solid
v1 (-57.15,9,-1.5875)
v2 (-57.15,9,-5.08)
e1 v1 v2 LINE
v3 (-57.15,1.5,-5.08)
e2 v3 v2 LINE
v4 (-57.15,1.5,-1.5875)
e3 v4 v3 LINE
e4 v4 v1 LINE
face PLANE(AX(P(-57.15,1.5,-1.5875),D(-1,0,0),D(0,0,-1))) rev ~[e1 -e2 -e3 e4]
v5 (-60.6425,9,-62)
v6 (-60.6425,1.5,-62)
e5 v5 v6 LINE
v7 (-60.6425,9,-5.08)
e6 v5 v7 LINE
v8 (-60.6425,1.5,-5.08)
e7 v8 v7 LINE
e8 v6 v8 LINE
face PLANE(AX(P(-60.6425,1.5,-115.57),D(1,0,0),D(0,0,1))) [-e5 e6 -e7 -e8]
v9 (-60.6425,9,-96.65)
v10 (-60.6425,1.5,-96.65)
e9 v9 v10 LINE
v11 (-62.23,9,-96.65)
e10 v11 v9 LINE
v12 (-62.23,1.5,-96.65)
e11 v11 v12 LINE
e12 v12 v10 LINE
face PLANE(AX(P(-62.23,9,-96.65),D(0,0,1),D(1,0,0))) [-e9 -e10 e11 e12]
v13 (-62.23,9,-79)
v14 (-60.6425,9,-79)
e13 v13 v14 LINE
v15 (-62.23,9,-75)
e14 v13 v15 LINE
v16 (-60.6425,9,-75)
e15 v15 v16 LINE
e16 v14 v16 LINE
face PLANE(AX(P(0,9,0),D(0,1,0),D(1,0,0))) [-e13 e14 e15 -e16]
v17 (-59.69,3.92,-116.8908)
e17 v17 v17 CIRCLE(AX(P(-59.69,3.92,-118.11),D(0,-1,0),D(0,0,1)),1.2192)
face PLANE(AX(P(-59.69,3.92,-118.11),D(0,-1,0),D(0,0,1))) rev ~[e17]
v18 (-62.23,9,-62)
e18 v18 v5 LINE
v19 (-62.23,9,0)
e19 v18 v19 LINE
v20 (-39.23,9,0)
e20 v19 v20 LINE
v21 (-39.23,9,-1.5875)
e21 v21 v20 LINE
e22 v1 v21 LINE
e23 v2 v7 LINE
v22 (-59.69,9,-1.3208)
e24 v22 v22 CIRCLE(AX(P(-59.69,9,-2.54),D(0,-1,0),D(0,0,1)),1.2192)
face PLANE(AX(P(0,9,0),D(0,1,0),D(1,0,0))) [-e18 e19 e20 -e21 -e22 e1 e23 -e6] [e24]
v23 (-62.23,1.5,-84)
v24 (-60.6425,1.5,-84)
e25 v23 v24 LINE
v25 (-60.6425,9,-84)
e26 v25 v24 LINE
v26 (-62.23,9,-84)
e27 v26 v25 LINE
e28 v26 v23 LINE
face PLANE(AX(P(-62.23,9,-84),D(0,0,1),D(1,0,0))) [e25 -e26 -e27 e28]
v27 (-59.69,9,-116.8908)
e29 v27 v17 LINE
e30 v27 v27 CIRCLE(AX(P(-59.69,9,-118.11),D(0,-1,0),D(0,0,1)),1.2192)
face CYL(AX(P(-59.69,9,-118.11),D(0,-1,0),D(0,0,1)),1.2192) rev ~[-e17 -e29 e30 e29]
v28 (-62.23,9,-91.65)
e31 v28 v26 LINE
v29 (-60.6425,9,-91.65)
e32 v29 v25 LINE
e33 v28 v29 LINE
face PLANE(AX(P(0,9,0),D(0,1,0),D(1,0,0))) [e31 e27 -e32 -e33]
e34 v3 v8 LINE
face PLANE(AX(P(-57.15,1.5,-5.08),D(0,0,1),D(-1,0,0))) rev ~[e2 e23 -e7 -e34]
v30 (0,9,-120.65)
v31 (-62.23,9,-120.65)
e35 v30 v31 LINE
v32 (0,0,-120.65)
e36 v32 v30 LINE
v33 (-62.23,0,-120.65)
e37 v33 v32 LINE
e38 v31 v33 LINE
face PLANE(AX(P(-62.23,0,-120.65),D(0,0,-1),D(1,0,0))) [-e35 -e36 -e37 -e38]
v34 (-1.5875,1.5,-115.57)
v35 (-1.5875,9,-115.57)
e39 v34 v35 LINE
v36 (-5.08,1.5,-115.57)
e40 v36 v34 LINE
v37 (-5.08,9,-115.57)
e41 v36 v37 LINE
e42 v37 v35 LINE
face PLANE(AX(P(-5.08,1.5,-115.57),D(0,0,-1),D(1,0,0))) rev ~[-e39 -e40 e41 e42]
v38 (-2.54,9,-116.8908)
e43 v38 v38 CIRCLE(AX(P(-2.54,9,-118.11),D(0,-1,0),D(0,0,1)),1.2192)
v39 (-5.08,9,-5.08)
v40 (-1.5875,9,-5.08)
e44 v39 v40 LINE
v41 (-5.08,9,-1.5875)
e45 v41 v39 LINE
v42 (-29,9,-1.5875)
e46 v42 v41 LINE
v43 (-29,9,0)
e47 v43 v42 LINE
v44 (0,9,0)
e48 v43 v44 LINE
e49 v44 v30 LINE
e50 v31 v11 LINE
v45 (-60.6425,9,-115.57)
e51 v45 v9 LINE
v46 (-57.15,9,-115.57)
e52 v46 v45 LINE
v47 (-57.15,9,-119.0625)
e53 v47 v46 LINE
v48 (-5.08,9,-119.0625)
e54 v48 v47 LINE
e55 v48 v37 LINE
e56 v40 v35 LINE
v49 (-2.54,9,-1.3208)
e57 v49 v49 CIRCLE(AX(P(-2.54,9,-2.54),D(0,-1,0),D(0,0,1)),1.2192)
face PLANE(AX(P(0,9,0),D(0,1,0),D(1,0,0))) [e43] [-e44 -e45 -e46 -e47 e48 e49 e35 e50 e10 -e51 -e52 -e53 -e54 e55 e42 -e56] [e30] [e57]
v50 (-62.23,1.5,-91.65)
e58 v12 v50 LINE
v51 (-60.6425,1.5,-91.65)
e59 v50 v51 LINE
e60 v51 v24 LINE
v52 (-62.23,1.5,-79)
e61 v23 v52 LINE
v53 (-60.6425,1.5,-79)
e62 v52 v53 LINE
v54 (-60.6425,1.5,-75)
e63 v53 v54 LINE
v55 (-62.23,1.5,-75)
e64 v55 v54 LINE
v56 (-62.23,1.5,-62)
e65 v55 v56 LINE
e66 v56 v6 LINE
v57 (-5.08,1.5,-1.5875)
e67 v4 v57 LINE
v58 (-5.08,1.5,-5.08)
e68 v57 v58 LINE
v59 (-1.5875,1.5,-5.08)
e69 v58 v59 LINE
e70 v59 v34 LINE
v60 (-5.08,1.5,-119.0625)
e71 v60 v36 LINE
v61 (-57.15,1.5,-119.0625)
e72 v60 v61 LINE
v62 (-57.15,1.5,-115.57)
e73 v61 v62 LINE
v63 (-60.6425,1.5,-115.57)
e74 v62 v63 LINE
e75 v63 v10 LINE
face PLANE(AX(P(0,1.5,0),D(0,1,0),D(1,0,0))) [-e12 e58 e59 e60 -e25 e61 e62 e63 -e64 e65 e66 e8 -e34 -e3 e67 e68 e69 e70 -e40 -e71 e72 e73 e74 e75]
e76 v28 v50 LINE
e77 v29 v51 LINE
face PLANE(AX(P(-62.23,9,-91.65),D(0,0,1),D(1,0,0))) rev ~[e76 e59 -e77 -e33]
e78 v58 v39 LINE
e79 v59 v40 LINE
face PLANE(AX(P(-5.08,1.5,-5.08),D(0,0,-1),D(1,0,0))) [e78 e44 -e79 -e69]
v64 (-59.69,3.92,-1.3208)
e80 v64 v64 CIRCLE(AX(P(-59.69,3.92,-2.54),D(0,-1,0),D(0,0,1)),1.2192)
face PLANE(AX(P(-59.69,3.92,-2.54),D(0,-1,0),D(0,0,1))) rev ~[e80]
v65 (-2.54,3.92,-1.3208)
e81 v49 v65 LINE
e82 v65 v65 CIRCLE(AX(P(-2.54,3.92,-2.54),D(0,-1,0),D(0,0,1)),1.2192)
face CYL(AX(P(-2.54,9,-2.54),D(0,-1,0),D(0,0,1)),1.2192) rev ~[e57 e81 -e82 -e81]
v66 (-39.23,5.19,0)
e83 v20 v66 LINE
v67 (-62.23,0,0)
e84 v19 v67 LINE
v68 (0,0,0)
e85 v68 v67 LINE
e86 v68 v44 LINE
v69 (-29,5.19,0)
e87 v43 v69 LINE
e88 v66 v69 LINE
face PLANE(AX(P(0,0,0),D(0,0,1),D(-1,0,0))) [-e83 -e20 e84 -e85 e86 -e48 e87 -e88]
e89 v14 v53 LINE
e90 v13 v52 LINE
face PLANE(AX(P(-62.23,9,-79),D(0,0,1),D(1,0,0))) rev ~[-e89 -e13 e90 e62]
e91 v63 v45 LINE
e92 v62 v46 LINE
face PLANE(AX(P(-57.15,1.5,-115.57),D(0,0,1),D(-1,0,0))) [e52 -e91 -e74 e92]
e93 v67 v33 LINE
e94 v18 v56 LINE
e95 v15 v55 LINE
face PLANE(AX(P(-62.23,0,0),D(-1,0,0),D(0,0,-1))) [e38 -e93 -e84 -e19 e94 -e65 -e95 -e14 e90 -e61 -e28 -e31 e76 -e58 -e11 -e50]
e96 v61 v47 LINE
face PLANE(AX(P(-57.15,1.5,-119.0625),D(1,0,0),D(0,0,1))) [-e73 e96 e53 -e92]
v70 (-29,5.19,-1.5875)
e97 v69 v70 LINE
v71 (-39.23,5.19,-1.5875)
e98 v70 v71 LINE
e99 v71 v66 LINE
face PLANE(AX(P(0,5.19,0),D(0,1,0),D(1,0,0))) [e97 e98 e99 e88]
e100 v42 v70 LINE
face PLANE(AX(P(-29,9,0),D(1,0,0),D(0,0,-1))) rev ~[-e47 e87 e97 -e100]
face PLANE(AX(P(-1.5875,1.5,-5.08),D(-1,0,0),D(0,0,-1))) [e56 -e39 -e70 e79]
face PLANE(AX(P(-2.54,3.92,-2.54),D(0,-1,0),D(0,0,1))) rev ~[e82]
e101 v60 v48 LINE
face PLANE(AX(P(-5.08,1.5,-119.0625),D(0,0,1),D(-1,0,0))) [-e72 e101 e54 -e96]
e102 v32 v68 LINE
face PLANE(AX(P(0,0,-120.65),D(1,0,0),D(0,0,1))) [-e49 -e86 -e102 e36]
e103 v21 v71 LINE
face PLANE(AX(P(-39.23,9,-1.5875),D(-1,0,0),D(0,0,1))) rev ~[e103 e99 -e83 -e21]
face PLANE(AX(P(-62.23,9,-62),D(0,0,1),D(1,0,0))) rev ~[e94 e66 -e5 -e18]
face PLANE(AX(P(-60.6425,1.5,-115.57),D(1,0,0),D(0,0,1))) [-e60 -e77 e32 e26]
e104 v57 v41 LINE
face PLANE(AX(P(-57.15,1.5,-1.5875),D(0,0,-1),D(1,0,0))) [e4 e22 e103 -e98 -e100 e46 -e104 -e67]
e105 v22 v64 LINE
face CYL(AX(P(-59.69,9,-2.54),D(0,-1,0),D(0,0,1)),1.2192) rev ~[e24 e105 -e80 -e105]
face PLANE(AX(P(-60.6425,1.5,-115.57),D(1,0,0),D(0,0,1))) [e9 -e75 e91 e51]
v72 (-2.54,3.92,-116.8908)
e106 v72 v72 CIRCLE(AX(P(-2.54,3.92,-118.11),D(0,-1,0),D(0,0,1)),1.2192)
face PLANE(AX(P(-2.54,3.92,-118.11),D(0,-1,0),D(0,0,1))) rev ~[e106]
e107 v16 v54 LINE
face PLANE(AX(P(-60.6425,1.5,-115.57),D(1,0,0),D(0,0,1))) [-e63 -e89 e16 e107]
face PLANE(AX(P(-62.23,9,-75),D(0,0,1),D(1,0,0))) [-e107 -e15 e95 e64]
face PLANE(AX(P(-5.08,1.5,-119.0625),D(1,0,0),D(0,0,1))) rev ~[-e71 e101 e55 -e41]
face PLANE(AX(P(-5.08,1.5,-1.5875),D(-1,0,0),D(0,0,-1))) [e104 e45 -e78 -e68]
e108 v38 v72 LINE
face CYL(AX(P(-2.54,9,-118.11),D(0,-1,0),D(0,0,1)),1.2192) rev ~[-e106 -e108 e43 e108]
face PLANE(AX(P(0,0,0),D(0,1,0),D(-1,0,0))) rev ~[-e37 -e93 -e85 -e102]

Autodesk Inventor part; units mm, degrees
ref_plane "YZ Plane" through (0, 0, 0) normal (1, 0, 0) x (0, 1, 0)
ref_plane "XZ Plane" through (0, 0, 0) normal (0, 1, 0) x (-1, 0, 0)
ref_plane "XY Plane" through (0, 0, 0) normal (0, 0, 1) x (1, 0, 0)
sketch "Sketch1" plane through (0, 0, 0) normal (0, 1, 0) x (-1, 0, 0)
  line L0 (0, 0) -> (62.23, 0)
  line L1 (62.23, 0) -> (62.23, -120.65)
  line L2 (62.23, -120.65) -> (0, -120.65)
  line L3 (0, -120.65) -> (0, 0)
  dimension "d0" = 62.23
  dimension "d1" = 120.65
extrude "Extrusion1" add sketch "Sketch1" along normal blind 1.5
sketch "Sketch2" plane through (0, 1.5, 0) normal (0, 1, 0) x (1, 0, 0)
  line L0 (-60.6425, 1.5875) -> (-1.5875, 1.5875)
  line L1 (-1.5875, 1.5875) -> (-1.5875, 119.0625)
  line L2 (-1.5875, 119.0625) -> (-60.6425, 119.0625)
  line L3 (-60.6425, 119.0625) -> (-60.6425, 1.5875)
  line L4 (-62.23, 0) -> (0, 0) projected
  line L5 (0, 0) -> (0, 120.65) projected
  line L6 (-62.23, 120.65) -> (-62.23, 0) projected
  line L7 (0, 120.65) -> (-62.23, 120.65) projected
  line L8 (0, 0) -> (-5.08, 0)
  line L9 (-5.08, 0) -> (-5.08, 5.08)
  line L10 (-5.08, 5.08) -> (0, 5.08)
  line L11 (0, 5.08) -> (0, 0)
  line L12 (-62.23, 0) -> (-57.15, 0)
  line L13 (-57.15, 0) -> (-57.15, 5.08)
  line L14 (-57.15, 5.08) -> (-62.23, 5.08)
  line L15 (-62.23, 5.08) -> (-62.23, 0)
  line L16 (0, 120.65) -> (-5.08, 120.65)
  line L17 (-5.08, 120.65) -> (-5.08, 115.57)
  line L18 (-5.08, 115.57) -> (0, 115.57)
  line L19 (0, 115.57) -> (0, 120.65)
  line L20 (-62.23, 120.65) -> (-57.15, 120.65)
  line L21 (-57.15, 120.65) -> (-57.15, 115.57)
  line L22 (-57.15, 115.57) -> (-62.23, 115.57)
  line L23 (-62.23, 115.57) -> (-62.23, 120.65)
  point P0 (0, 115.57)
  point P1 (-1.5875, 115.57)
  point P2 (-1.5875, 5.08)
  point P3 (-5.08, 1.5875)
  point P4 (-57.15, 1.5875)
  point P5 (-60.6425, 5.08)
  point P6 (-5.08, 119.0625)
  point P7 (-60.6425, 115.57)
  point P8 (-57.15, 119.0625)
  dimension "d4" = 1.5875
  dimension "d5" = 1.5875
  dimension "d6" = 1.5875
  dimension "d7" = 1.5875
  dimension "d8" = 5.08
  dimension "d9" = 5.08
  dimension "d10" = 5.08
  dimension "d11" = 5.08
  dimension "d12" = 5.08
  dimension "d13" = 5.08
  dimension "d14" = 5.08
  dimension "d15" = 5.08
extrude "Extrusion3" add sketch "Sketch2" along normal blind 7.5 contours L3 L14 L13 L0 | L0 L13 L4 L6 L14 L3 | L0 L9 L4 L13 | L14 L6 L22 L3 | L9 L10 L1 L0 | L0 L1 L10 L5 L4 L9 | L22 L6 L7 L21 L2 L3 | L3 L2 L21 L22 | L1 L18 L5 L10 | L21 L7 L17 L2 | L18 L17 L2 L1 | L1 L2 L17 L7 L5 L18
sketch "Sketch3" plane through (0, 9, 0) normal (0, 1, 0) x (1, 0, 0)
  line L0 (-62.23, 0) -> (0, 0) projected
  line L1 (-39.23, 0) -> (-29, 0)
  line L2 (-29, 0) -> (-29, 1.5875)
  line L3 (-29, 1.5875) -> (-39.23, 1.5875)
  line L4 (-39.23, 1.5875) -> (-39.23, 0)
  line L5 (0, 0) -> (0, 120.65) projected
  line L6 (-62.23, 120.65) -> (-62.23, 0) projected
  line L7 (0, 120.65) -> (-62.23, 120.65) projected
  line L8 (-60.6425, 115.57) -> (-60.6425, 5.08) projected
  line L9 (-62.23, 60.325) -> (-60.6425, 60.325)
  line L10 (-60.6425, 60.325) -> (-60.6425, 98.425)
  line L11 (-60.6425, 98.425) -> (-62.23, 98.425)
  line L12 (-62.23, 98.425) -> (-62.23, 60.325)
  point P0 (-59.69, 2.54)
  point P1 (-59.69, 118.11)
  point P2 (-2.54, 118.11)
  point P3 (-2.54, 2.54)
  dimension "d20" = 29
  dimension "d21" = 23
  dimension "d22" = 2.54
  dimension "d23" = 2.54
  dimension "d24" = 2.54
  dimension "d25" = 2.54
  dimension "d26" = 2.54
  dimension "d27" = 2.54
  dimension "d28" = 2.54
  dimension "d29" = 2.54
  dimension "d47" = 60.325
  dimension "d48" = 22.225
extrude "Extrusion4" cut sketch "Sketch3" against normal blind 3.81 contours L4 L3 L2 L0
sketch "Sketch4" plane through (0, 9, 0) normal (0, 1, 0) x (1, 0, 0)
  line L0 (-29, 0) -> (0, 0) projected
  line L1 (0, 0) -> (0, 120.65) projected
  line L2 (-62.23, 0) -> (-39.23, 0) projected
  line L3 (-62.23, 120.65) -> (-62.23, 0) projected
  line L4 (0, 120.65) -> (-62.23, 120.65) projected
  point P0 (-2.54, 2.54)
  point P1 (-2.54, 118.11)
  point P2 (-59.69, 118.11)
  point P3 (-59.69, 2.54)
  dimension "d39" = 2.54
  dimension "d40" = 2.54
  dimension "d41" = 2.54
  dimension "d42" = 2.54
  dimension "d43" = 2.54
  dimension "d44" = 2.54
  dimension "d45" = 2.54
  dimension "d46" = 2.54
hole "Hole1" at (-2.54, 9, -2.54) at (-2.54, 9, -118.11) at (-59.69, 9, -118.11) at (-59.69, 9, -2.54) direction (0, -1, 0) diameter 2.4384 depth 5.08 clearance for "Socket Head Cap Screw" size "#2" standard "Ansi Unified Screw Threads"
sketch "Sketch5" plane through (0, 9, 0) normal (0, 1, 0) x (1, 0, 0)
  line L0 (-62.23, 91.65) -> (-60.6425, 91.65)
  line L1 (-60.6425, 5.08) -> (-60.6425, 115.57) projected
  line L2 (-62.23, 120.65) -> (-62.23, 0) projected
  line L3 (-62.23, 79) -> (-60.6425, 79)
  line L4 (-62.23, 84) -> (-60.6425, 84)
  line L5 (-62.23, 75) -> (-60.6425, 75)
  line L6 (-62.23, 62) -> (-60.6425, 62)
  line L7 (-62.23, 0) -> (-39.23, 0) projected
  line L8 (0, 120.65) -> (-62.23, 120.65) projected
  line L9 (-62.23, 96.65) -> (-60.6425, 96.65)
  point P0 (0, 0)
  dimension "d49" = 62
  dimension "d50" = 75
  dimension "d51" = 79
  dimension "d52" = 5
  dimension "d53" = 29
  dimension "d54" = 5
extrude "Extrusion5" cut sketch "Sketch5" against normal up to surface (7.5 mm away) contours L2 L9 L1 L0 | L4 L1 L3 L2 | L5 L1 L6 L2
equation "\"d4\" = d5"
equation "\"d6\" = d5"
equation "\"d7\" = d5"
equation "\"d10\" = d8"
equation "\"d11\" = d10"
equation "\"d12\" = d8"
equation "\"d13\" = d8"
equation "\"d14\" = d8"
equation "\"d15\" = d8"
equation "\"d24\" = d22"
equation "\"d25\" = d24"
equation "\"d26\" = d25"
equation "\"d27\" = d26"
equation "\"d28\" = d22"
equation "\"d29\" = d28"
equation "\"d40\" = d39"
equation "\"d41\" = d39"
equation "\"d42\" = d41"
equation "\"d43\" = d42"
equation "\"d44\" = d43"
equation "\"d45\" = d44"
equation "\"d46\" = d45"
properties part number "cover_bottom"
